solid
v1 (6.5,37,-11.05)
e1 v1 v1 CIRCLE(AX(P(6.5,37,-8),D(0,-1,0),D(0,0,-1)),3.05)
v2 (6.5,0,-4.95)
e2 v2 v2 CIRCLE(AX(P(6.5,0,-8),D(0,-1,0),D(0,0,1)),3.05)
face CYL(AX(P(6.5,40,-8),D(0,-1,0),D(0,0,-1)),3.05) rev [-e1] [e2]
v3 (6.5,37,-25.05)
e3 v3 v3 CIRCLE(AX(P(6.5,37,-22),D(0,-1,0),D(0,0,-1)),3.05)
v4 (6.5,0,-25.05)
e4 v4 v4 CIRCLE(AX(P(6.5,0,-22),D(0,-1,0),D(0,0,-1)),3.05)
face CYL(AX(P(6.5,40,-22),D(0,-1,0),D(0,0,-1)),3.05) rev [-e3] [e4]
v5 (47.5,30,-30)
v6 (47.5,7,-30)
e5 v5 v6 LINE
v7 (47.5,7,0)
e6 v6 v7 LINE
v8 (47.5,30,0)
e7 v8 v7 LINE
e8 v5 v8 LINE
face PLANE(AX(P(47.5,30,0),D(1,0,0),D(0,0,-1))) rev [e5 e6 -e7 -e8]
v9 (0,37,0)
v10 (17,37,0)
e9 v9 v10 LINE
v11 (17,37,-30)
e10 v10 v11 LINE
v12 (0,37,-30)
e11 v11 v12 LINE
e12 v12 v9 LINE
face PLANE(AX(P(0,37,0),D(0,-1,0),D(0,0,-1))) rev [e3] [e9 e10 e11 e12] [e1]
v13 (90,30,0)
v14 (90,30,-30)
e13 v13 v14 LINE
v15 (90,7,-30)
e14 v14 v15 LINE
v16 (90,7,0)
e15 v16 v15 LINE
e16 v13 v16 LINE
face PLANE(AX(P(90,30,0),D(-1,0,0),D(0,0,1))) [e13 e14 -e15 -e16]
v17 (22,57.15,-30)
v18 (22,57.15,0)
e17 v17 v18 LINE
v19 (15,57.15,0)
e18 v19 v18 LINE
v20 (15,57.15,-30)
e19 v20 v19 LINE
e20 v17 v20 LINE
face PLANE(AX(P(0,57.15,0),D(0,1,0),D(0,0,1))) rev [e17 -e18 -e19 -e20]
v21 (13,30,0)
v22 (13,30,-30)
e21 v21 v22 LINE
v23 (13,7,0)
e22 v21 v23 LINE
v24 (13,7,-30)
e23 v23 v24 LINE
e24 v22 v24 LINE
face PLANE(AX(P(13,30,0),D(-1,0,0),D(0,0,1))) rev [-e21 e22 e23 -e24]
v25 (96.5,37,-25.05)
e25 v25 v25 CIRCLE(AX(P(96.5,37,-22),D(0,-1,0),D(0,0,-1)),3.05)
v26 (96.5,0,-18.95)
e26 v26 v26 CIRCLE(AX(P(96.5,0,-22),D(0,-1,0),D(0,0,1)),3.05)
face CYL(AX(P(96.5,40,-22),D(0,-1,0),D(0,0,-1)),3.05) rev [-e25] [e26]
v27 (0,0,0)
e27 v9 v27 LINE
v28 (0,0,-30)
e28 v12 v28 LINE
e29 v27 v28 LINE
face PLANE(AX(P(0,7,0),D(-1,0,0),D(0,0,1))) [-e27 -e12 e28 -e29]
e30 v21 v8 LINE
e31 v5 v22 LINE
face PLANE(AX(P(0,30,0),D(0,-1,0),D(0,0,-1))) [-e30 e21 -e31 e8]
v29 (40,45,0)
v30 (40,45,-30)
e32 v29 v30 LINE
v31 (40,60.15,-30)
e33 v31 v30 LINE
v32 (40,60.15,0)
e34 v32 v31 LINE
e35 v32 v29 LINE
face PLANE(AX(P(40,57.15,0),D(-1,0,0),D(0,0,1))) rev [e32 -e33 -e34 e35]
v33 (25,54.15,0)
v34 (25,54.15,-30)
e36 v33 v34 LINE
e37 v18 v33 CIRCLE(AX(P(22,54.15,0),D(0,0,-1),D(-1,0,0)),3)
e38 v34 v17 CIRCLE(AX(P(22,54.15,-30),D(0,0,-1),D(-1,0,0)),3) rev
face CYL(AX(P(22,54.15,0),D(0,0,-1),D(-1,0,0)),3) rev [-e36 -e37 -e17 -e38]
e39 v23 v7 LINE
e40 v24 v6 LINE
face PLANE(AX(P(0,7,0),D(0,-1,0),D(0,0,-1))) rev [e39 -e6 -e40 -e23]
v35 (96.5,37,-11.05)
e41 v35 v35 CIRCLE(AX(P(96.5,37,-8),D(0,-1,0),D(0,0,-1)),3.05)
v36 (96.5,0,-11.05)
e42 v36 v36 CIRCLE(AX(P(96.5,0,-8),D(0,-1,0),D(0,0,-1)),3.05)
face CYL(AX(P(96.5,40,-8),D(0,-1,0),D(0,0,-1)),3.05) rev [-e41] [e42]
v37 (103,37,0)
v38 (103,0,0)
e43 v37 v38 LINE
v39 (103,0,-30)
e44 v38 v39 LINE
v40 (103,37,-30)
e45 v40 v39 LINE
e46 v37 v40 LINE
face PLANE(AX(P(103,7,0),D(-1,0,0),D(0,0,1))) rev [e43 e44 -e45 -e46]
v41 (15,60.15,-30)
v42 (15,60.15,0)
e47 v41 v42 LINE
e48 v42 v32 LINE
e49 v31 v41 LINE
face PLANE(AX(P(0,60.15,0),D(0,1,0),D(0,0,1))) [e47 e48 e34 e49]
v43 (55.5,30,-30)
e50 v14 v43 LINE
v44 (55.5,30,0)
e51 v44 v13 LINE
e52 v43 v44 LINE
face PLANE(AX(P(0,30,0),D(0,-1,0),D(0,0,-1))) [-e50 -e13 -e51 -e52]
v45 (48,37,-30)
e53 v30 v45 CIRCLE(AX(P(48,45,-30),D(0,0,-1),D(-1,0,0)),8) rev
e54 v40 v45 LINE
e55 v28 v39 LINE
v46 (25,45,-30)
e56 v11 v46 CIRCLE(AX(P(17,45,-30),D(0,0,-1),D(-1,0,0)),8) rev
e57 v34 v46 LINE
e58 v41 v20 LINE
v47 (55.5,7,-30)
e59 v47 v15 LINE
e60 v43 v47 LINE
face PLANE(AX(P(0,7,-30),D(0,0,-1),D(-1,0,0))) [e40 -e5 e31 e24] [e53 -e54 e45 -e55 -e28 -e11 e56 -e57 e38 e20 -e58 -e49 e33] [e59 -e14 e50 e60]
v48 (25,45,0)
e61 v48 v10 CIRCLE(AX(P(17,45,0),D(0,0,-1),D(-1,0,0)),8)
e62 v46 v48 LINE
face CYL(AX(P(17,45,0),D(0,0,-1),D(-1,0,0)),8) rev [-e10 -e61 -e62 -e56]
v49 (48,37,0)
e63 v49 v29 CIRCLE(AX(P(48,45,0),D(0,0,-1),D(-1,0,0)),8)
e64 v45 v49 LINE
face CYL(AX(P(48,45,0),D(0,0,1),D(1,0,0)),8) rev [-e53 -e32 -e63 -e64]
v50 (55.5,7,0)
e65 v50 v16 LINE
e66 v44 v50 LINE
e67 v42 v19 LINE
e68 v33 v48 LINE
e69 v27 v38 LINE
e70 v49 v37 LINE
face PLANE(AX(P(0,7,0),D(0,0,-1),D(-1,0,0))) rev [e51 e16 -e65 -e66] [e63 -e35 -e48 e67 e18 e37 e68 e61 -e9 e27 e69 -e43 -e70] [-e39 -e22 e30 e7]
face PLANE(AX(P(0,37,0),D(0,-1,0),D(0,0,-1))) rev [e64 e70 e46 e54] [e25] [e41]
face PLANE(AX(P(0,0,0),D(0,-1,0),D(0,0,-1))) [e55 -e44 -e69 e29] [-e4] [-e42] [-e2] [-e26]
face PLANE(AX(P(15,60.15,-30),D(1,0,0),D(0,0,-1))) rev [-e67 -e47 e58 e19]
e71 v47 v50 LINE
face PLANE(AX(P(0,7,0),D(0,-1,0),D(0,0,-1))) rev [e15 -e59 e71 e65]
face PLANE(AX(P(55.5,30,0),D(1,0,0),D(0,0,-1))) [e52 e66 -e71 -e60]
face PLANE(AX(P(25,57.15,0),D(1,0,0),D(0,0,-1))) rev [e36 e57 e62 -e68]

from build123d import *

# Parameters (mm, degrees)
SKETCH1_W           = 103
SKETCH1_H           = 30
BOSS_EXTRUDE1_DEPTH = 7
SKETCH2_W           = 13
SKETCH2_H           = 30
SKETCH2_W_2         = 4
BOSS_EXTRUDE2_DEPTH = 23
SKETCH3_W           = 103
SKETCH3_H           = 30
BOSS_EXTRUDE3_DEPTH = 7
SKETCH4_W           = 15
SKETCH4_H           = 30
BOSS_EXTRUDE4_DEPTH = 20.15
SKETCH5_W           = 25
SKETCH5_H           = 30
BOSS_EXTRUDE5_DEPTH = 3
FILLET2_R           = 3
FILLET3_R           = 8
SKETCH6_R           = 3.05
CUT_EXTRUDE1_DEPTH  = 40


with BuildPart() as part:
    # Sketch1 → Boss-Extrude1 (new body)
    with BuildSketch(Plane(origin=(0, 0, 0), x_dir=(1, 0, 0), z_dir=(0, 1, 0))):
        with Locations((51.5, 15)):
            Rectangle(SKETCH1_W, SKETCH1_H)
    extrude(amount=BOSS_EXTRUDE1_DEPTH)

    # Sketch2 → Boss-Extrude2 (add)
    with BuildSketch(Plane(origin=(0, 7, 0), x_dir=(1, 0, 0), z_dir=(0, 1, 0))):
        with Locations((6.5, 15)):
            Rectangle(SKETCH2_W, SKETCH2_H)
        with Locations((49.5, 15)):
            Rectangle(SKETCH2_W_2, SKETCH2_H)
        with Locations((53.5, 15)):
            Rectangle(SKETCH2_W_2, SKETCH2_H)
        with Locations((96.5, 15)):
            Rectangle(SKETCH2_W, SKETCH2_H)
    extrude(amount=BOSS_EXTRUDE2_DEPTH)

    # Sketch3 → Boss-Extrude3 (add)
    with BuildSketch(Plane(origin=(0, 30, 0), x_dir=(1, 0, 0), z_dir=(0, 1, 0))):
        with Locations((51.5, 15)):
            Rectangle(SKETCH3_W, SKETCH3_H)
    extrude(amount=BOSS_EXTRUDE3_DEPTH)

    # Sketch4 → Boss-Extrude4 (add)
    with BuildSketch(Plane(origin=(0, 37, 0), x_dir=(1, 0, 0), z_dir=(0, 1, 0))):
        with Locations((32.5, 15)):
            Rectangle(SKETCH4_W, SKETCH4_H)
    extrude(amount=BOSS_EXTRUDE4_DEPTH)

    # Sketch5 → Boss-Extrude5 (add)
    with BuildSketch(Plane(origin=(0, 57.15, 0), x_dir=(1, 0, 0), z_dir=(0, 1, 0))):
        with Locations((27.5, 15)):
            Rectangle(SKETCH5_W, SKETCH5_H)
    extrude(amount=BOSS_EXTRUDE5_DEPTH)

    # Fillet2
    fillet2_edges = [part.edges().sort_by_distance(p)[0] for p in [
        (25, 57.15, -15),
    ]]
    fillet(fillet2_edges, radius=FILLET2_R)

    # Fillet3
    fillet3_edges = [part.edges().sort_by_distance(p)[0] for p in [
        (25, 37, -15),
        (40, 37, -15),
    ]]
    fillet(fillet3_edges, radius=FILLET3_R)

    # Sketch6 → Cut-Extrude1 (cut)
    with BuildSketch(Plane.XZ):
        with Locations(Location((6.5, -22, 0), (0, 0, 270))):
            Circle(SKETCH6_R)
        with Locations(Location((6.5, -8, 0), (0, 0, 270))):
            Circle(SKETCH6_R)
        with Locations(Location((96.5, -8, 0), (0, 0, 270))):
            Circle(SKETCH6_R)
        with Locations(Location((96.5, -22, 0), (0, 0, 270))):
            Circle(SKETCH6_R)
    extrude(amount=-CUT_EXTRUDE1_DEPTH, mode=Mode.SUBTRACT)


solid = part.part
